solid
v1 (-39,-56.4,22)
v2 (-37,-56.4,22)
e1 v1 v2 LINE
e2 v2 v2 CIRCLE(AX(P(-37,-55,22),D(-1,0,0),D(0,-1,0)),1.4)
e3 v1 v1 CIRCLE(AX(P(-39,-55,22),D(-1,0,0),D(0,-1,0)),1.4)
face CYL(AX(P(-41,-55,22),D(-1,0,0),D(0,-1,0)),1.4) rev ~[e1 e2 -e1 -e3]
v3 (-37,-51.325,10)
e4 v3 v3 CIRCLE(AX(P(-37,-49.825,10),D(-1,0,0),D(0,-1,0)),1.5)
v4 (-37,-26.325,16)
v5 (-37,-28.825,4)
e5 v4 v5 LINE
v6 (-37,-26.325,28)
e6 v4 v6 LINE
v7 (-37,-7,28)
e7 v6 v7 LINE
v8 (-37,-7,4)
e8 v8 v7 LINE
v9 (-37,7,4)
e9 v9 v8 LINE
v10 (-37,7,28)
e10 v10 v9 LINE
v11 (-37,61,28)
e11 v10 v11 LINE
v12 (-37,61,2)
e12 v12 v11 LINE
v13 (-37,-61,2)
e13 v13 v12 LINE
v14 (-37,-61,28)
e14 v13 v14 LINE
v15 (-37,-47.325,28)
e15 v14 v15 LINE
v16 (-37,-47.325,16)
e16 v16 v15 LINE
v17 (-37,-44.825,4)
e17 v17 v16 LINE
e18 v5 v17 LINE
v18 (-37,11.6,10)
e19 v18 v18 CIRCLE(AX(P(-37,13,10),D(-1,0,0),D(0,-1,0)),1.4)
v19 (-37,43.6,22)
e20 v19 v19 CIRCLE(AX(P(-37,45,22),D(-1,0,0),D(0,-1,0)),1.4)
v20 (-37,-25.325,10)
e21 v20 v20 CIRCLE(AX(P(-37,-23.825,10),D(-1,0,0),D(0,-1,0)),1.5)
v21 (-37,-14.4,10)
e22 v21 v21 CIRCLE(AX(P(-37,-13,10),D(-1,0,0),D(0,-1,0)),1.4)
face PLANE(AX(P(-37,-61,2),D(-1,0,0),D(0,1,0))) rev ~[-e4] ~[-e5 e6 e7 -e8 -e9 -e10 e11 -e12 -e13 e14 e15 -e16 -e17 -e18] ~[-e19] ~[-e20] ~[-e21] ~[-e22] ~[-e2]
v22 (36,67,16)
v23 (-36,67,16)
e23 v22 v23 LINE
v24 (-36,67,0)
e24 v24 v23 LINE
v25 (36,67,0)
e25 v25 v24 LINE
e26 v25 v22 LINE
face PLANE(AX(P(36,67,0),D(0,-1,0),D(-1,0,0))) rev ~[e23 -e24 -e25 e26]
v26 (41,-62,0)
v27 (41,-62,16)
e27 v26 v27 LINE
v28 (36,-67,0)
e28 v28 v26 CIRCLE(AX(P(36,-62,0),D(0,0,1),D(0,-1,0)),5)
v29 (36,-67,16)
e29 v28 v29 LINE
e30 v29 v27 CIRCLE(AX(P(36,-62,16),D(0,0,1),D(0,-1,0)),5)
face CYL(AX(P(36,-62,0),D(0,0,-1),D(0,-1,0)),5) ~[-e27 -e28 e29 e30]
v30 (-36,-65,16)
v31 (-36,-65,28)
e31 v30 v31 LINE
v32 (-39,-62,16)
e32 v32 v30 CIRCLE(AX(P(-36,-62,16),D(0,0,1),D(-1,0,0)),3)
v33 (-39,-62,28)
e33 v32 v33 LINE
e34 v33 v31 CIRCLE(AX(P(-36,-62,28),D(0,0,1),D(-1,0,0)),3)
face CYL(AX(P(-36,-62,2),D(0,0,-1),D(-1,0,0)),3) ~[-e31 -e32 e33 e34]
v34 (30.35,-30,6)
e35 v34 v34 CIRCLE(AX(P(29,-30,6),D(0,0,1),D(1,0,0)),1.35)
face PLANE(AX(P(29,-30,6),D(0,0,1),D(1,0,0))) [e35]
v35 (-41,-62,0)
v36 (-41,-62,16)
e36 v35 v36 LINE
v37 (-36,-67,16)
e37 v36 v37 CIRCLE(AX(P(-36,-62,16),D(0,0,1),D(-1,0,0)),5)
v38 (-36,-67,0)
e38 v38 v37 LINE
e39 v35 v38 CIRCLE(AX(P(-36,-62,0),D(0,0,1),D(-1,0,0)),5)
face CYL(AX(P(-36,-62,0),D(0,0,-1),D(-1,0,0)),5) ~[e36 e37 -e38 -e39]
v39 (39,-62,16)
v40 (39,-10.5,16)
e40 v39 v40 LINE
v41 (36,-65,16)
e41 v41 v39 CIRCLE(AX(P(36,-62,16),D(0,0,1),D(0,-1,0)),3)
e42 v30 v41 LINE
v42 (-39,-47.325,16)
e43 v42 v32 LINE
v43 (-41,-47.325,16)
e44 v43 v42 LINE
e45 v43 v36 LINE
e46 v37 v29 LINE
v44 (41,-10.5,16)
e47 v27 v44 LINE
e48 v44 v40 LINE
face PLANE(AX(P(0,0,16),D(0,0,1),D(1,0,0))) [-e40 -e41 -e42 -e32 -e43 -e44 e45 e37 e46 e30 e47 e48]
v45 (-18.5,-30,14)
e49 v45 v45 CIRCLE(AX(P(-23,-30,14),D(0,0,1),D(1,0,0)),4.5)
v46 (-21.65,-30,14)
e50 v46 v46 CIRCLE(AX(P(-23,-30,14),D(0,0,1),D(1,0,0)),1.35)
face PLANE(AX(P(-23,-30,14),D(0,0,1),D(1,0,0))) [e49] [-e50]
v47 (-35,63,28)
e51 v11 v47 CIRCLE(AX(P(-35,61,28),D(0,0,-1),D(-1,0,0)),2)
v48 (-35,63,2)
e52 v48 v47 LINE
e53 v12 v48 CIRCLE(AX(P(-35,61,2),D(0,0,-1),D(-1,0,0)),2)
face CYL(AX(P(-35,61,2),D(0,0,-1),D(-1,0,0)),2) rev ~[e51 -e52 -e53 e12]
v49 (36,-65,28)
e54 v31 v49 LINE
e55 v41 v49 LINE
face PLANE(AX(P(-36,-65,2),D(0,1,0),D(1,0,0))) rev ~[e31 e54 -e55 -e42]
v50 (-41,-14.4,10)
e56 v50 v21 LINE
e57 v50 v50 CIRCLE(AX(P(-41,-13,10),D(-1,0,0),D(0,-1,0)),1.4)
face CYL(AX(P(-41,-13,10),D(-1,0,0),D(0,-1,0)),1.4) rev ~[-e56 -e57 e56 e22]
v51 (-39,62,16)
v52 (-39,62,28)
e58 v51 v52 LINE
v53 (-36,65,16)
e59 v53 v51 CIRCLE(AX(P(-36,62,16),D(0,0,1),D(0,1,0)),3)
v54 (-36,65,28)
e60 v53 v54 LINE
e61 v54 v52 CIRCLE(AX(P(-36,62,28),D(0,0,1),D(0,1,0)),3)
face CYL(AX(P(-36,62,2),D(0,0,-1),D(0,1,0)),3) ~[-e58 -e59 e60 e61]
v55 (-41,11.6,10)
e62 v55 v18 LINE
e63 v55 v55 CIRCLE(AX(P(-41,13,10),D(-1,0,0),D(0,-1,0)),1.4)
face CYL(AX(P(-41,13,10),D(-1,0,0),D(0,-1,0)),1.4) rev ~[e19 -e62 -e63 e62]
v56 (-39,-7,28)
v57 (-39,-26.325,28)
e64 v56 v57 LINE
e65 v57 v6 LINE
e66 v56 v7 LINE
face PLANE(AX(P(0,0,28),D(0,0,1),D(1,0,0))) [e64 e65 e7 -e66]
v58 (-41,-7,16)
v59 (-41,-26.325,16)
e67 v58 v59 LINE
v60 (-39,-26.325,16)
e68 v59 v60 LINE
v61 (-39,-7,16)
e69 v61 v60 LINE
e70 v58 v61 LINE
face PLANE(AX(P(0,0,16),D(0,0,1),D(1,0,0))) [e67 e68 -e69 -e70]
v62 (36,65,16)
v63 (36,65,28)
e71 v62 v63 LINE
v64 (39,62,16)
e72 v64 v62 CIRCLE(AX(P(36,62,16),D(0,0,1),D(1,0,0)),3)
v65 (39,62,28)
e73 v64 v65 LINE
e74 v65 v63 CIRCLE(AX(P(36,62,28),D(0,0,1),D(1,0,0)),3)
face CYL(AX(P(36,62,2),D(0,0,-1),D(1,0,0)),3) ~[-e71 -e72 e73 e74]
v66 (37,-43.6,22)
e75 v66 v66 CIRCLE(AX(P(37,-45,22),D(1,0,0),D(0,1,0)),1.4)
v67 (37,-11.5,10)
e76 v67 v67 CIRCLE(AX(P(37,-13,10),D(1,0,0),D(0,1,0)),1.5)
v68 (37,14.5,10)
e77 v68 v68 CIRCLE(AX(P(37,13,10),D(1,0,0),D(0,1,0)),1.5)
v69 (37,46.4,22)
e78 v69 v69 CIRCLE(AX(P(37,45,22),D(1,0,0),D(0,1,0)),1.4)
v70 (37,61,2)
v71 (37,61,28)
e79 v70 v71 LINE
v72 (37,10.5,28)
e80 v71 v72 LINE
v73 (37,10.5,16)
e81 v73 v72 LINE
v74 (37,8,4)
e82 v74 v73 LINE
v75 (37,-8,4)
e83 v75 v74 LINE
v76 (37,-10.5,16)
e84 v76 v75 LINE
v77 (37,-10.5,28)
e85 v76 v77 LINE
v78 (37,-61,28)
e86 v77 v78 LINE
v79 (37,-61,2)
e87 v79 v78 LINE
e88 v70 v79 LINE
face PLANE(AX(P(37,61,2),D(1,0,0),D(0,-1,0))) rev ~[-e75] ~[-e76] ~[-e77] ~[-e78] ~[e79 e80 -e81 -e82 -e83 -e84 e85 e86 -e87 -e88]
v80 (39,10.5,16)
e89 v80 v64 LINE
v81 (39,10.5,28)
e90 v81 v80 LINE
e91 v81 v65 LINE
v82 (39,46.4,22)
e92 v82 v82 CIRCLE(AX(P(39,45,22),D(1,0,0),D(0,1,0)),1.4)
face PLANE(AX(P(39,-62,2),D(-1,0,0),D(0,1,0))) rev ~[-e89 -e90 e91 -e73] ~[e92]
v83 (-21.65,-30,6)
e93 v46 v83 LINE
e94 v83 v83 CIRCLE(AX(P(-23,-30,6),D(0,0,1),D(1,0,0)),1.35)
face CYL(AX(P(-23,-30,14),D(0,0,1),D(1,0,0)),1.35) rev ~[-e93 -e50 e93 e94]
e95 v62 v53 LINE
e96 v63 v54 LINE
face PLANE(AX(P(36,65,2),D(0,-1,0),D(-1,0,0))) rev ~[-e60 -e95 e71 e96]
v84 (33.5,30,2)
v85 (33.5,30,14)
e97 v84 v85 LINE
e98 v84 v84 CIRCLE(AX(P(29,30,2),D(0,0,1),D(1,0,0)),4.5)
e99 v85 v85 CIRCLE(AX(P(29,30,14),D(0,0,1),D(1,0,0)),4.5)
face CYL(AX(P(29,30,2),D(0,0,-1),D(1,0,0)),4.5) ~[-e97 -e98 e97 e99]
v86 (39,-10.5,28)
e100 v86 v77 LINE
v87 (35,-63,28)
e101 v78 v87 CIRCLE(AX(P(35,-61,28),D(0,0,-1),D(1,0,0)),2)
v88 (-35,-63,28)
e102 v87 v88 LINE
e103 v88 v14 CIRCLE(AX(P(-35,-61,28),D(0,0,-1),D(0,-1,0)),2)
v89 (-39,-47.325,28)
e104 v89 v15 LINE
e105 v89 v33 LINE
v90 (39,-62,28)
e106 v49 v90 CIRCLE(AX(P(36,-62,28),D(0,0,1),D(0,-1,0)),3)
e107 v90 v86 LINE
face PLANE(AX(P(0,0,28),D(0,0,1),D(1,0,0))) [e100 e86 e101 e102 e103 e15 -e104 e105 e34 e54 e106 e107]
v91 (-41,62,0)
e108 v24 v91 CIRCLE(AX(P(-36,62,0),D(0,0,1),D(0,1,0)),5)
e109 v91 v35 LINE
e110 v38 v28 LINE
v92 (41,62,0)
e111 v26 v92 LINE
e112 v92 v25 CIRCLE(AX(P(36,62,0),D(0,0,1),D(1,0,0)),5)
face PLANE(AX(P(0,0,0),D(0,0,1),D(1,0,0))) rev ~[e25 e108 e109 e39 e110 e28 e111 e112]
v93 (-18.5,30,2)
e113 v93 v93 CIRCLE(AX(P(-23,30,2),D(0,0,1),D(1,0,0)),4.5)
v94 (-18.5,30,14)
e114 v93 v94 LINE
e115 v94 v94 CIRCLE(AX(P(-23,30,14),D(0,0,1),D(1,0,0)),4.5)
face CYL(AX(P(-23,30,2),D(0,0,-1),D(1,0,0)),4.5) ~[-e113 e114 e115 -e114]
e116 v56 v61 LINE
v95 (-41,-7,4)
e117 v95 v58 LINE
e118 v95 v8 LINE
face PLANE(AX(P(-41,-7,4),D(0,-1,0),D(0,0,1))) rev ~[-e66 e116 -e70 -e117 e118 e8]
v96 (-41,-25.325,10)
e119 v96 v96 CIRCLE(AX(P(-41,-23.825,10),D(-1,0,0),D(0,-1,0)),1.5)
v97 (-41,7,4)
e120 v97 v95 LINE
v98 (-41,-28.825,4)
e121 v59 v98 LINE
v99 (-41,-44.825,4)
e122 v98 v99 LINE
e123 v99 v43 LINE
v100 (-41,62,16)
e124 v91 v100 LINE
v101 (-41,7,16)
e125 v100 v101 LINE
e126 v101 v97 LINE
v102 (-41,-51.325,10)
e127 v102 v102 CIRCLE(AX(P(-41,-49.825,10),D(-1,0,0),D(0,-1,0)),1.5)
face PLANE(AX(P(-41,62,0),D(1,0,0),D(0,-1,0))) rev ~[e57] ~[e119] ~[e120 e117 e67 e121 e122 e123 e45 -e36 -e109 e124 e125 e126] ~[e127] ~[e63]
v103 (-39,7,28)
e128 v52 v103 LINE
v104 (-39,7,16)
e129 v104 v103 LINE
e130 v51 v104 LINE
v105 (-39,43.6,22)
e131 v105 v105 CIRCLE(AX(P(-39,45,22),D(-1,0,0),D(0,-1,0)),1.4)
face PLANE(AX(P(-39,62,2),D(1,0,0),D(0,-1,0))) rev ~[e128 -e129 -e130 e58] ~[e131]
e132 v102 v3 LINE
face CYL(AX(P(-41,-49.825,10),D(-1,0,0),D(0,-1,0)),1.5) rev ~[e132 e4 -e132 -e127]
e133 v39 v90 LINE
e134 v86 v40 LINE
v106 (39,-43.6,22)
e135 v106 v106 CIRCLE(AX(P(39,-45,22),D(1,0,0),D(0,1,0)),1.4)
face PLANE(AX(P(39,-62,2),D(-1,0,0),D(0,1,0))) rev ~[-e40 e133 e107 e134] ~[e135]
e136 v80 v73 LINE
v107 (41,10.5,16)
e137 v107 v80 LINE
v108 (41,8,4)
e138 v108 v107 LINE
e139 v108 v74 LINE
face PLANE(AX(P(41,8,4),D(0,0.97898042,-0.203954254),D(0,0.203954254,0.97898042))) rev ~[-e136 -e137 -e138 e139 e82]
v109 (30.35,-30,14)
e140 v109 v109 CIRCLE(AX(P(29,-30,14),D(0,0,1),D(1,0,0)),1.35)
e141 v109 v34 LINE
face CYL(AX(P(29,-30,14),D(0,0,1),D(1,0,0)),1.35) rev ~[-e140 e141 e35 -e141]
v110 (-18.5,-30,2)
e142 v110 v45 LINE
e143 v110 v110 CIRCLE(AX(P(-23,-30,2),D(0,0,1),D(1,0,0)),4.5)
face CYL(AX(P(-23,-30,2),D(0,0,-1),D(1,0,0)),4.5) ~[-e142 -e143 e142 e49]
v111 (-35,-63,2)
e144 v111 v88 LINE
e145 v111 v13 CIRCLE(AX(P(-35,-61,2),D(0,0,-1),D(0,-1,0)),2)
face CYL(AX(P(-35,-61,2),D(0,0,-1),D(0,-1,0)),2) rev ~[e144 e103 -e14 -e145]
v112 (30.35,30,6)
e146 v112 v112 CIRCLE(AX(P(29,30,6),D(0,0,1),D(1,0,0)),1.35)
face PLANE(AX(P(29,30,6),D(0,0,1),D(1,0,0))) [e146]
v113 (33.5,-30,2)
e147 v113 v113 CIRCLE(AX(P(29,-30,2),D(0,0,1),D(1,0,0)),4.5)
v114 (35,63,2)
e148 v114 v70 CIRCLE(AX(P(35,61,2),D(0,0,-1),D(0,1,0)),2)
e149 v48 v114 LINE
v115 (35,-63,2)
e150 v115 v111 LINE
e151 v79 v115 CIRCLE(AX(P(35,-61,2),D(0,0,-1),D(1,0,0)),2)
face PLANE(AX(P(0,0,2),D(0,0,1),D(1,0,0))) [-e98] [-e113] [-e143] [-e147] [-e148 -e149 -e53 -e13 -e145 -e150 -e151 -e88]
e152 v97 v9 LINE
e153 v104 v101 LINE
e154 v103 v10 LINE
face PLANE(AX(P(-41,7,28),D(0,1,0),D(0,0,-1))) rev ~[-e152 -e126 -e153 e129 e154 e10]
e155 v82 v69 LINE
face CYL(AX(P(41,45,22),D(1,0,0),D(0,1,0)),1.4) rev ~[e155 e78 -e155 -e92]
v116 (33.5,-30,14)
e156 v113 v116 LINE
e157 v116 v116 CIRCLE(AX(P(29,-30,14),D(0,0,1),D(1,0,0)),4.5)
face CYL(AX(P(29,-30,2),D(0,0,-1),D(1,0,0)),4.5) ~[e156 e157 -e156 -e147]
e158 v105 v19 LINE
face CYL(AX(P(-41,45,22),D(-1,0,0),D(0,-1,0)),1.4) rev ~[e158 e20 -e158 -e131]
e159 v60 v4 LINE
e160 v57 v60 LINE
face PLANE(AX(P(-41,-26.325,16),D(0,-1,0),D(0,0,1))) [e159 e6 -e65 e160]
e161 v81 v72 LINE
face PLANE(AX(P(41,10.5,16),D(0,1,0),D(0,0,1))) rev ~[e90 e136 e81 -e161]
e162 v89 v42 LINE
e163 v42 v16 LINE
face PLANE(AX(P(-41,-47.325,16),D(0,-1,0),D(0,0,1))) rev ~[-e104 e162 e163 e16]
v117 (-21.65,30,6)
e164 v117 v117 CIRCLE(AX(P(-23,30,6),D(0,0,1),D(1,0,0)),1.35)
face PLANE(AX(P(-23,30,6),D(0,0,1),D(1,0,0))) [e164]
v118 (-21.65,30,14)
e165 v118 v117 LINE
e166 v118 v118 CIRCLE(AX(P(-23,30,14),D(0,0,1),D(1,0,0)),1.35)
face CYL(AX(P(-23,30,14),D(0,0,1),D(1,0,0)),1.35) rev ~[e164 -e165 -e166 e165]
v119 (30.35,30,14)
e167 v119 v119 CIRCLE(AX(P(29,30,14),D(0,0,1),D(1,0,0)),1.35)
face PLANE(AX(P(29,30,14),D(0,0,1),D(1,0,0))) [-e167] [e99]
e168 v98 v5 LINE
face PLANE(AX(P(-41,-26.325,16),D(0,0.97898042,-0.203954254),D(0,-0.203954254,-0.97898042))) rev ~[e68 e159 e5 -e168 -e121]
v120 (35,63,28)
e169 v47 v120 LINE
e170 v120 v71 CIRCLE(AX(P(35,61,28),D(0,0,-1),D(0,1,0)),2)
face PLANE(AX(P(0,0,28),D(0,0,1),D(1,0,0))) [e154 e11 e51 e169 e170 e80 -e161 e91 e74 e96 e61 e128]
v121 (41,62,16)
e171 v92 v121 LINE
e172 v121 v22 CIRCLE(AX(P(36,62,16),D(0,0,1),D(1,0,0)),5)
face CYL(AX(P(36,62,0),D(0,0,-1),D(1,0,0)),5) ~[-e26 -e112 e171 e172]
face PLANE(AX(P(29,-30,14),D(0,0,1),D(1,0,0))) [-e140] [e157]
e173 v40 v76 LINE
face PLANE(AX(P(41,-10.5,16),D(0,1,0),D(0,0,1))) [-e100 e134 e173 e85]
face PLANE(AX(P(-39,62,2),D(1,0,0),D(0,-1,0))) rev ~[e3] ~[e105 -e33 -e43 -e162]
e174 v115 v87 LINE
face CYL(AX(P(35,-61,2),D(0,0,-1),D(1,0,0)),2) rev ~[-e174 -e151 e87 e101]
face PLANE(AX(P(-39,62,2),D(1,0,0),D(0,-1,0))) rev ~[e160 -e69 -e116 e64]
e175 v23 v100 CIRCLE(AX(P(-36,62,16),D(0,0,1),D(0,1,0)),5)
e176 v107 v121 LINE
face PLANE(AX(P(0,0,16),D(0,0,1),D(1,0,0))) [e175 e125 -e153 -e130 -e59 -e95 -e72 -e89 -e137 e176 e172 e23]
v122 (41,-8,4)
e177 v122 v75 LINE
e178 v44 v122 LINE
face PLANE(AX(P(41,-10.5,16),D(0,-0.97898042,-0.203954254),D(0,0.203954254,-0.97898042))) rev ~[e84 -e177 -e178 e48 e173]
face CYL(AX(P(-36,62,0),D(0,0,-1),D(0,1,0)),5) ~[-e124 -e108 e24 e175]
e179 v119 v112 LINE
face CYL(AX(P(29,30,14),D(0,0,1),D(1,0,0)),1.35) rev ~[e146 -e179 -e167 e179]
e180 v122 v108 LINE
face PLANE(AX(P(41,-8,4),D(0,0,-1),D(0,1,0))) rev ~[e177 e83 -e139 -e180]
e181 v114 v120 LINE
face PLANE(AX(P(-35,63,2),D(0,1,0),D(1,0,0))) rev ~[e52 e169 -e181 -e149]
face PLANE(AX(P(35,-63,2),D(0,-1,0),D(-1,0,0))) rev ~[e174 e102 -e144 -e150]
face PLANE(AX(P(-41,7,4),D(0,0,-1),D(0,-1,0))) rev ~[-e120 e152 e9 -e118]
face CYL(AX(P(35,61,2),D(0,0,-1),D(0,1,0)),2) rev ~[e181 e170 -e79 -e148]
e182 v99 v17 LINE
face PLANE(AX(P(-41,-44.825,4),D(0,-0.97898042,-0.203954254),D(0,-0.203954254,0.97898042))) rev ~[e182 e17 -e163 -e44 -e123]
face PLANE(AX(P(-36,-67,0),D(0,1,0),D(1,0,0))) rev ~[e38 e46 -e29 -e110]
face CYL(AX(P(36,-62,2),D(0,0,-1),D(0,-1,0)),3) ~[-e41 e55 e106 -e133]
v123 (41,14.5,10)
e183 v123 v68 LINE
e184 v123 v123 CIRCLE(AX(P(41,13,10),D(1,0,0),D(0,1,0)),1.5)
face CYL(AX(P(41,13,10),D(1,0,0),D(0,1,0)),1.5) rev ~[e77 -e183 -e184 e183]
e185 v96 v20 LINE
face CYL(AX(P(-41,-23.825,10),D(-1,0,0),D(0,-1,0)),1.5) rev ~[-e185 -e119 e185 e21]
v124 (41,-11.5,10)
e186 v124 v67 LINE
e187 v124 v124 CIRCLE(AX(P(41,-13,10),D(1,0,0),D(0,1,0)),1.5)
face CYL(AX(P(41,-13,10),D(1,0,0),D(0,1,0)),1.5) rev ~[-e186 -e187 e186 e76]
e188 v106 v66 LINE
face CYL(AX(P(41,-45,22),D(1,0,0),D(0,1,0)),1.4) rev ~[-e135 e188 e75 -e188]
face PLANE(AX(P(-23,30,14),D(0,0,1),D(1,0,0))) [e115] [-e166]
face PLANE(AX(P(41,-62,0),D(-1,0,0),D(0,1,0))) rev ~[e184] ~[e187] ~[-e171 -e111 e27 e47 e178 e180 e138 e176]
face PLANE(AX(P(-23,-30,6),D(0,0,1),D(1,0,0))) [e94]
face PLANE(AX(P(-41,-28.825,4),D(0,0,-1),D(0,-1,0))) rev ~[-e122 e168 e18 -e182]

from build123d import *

# Parameters (mm, degrees)
F1_DEPTH  = 16
F2_T      = -2
F3_R      = 4.5
F4_DEPTH  = 12
F6_R      = 1.35
F7_DEPTH  = 8
F8_DEPTH  = 26
F9_R      = 1.4
F9_W      = 14
F9_H      = 12
F9_R_2    = 1.5
F9_W_2    = 21
F11_DEPTH = 4
F10_R     = 1.5
F10_W     = 21
F10_H     = 12
F10_R_2   = 1.4
F12_DEPTH = 4


with BuildPart() as f1:
    # F0 (on Top) → F1 (new body)
    with BuildSketch(Plane.XY):
        with BuildLine():
            Line((-36, -67), (36, -67))
            ThreePointArc((36, -67), (39.5355339059, -65.5355339059), (41, -62))
            Line((41, -62), (41, 62))
            ThreePointArc((41, 62), (39.5355339059, 65.5355339059), (36, 67))
            Line((36, 67), (-36, 67))
            ThreePointArc((-36, 67), (-39.5355339059, 65.5355339059), (-41, 62))
            Line((-41, 62), (-41, -62))
            ThreePointArc((-41, -62), (-39.5355339059, -65.5355339059), (-36, -67))
        make_face()
    extrude(amount=F1_DEPTH)

    # F2
    f2_openings = [f1.faces().sort_by_distance(p)[0] for p in [
        (0, 0, 16),
    ]]
    offset(amount=F2_T, openings=f2_openings)

    # F3 (on face) → F4 (join)
    with BuildSketch(Plane.XY.offset(2)):
        with Locations((-23, 30)):
            Circle(F3_R)
        with Locations((-23, -30)):
            Circle(F3_R)
        with Locations((29, -30)):
            Circle(F3_R)
        with Locations((29, 30)):
            Circle(F3_R)
    extrude(amount=F4_DEPTH)

    # F6 (on mid) → F7 (cut)
    with BuildSketch(Plane.XY.offset(14)):
        with Locations((-23, 30)):
            Circle(F6_R)
        with Locations((29, 30)):
            Circle(F6_R)
        with Locations((-23, -30)):
            Circle(F6_R)
        with Locations((29, -30)):
            Circle(F6_R)
    extrude(amount=-F7_DEPTH, mode=Mode.SUBTRACT)

    # F3 (on face) → F8 (join)
    with BuildSketch(Plane.XY.offset(2)):
        with BuildLine():
            Line((-36, -65), (36, -65))
            ThreePointArc((36, -65), (38.1213203436, -64.1213203436), (39, -62))
            Line((39, -62), (39, 62))
            ThreePointArc((39, 62), (38.1213203436, 64.1213203436), (36, 65))
            Line((36, 65), (-36, 65))
            ThreePointArc((-36, 65), (-38.1213203436, 64.1213203436), (-39, 62))
            Line((-39, 62), (-39, -62))
            ThreePointArc((-39, -62), (-38.1213203436, -64.1213203436), (-36, -65))
        make_face()
        with BuildLine():
            ThreePointArc((37, -61), (36.4142135624, -62.4142135624), (35, -63))
            Line((35, -63), (-35, -63))
            ThreePointArc((-35, -63), (-36.4142135624, -62.4142135624), (-37, -61))
            Line((-37, -61), (-37, 61))
            ThreePointArc((-37, 61), (-36.4142135624, 62.4142135624), (-35, 63))
            Line((-35, 63), (35, 63))
            ThreePointArc((35, 63), (36.4142135624, 62.4142135624), (37, 61))
            Line((37, 61), (37, -61))
        make_face(mode=Mode.SUBTRACT)
    extrude(amount=F8_DEPTH)

    # F9 (on face) → F11 (cut)
    with BuildSketch(Plane(origin=(-41, 0, 0), x_dir=(0, -1, 0), z_dir=(-1, 0, 0))):
        with Locations((-13, 10)):
            Circle(F9_R)
        with Locations((13, 10)):
            Circle(F9_R)
        with Locations((0, 10)):
            Rectangle(F9_W, F9_H)
        with Locations((0, 22)):
            Rectangle(F9_W, F9_H)
        with Locations((23.825, 10)):
            Circle(F9_R_2)
        with Locations((49.825, 10)):
            Circle(F9_R_2)
        with Locations((36.825, 22)):
            Rectangle(F9_W_2, F9_H)
        Polygon((47.325, 16), (26.325, 16), (28.825, 4), (44.825, 4), align=None)
        with Locations((-45, 22)):
            Circle(F9_R)
        with Locations((55, 22)):
            Circle(F9_R)
    extrude(amount=-F11_DEPTH, mode=Mode.SUBTRACT)

    # F10 (on face) → F12 (cut)
    with BuildSketch(Plane.YZ.offset(41)):
        with Locations((-13, 10)):
            Circle(F10_R)
        with Locations((13, 10)):
            Circle(F10_R)
        with Locations((0, 22)):
            Rectangle(F10_W, F10_H)
        Polygon((10.5, 16), (-10.5, 16), (-8, 4), (8, 4), align=None)
        with Locations((45, 22)):
            Circle(F10_R_2)
        with Locations((-45, 22)):
            Circle(F10_R_2)
    extrude(amount=-F12_DEPTH, mode=Mode.SUBTRACT)


solid = f1.part
